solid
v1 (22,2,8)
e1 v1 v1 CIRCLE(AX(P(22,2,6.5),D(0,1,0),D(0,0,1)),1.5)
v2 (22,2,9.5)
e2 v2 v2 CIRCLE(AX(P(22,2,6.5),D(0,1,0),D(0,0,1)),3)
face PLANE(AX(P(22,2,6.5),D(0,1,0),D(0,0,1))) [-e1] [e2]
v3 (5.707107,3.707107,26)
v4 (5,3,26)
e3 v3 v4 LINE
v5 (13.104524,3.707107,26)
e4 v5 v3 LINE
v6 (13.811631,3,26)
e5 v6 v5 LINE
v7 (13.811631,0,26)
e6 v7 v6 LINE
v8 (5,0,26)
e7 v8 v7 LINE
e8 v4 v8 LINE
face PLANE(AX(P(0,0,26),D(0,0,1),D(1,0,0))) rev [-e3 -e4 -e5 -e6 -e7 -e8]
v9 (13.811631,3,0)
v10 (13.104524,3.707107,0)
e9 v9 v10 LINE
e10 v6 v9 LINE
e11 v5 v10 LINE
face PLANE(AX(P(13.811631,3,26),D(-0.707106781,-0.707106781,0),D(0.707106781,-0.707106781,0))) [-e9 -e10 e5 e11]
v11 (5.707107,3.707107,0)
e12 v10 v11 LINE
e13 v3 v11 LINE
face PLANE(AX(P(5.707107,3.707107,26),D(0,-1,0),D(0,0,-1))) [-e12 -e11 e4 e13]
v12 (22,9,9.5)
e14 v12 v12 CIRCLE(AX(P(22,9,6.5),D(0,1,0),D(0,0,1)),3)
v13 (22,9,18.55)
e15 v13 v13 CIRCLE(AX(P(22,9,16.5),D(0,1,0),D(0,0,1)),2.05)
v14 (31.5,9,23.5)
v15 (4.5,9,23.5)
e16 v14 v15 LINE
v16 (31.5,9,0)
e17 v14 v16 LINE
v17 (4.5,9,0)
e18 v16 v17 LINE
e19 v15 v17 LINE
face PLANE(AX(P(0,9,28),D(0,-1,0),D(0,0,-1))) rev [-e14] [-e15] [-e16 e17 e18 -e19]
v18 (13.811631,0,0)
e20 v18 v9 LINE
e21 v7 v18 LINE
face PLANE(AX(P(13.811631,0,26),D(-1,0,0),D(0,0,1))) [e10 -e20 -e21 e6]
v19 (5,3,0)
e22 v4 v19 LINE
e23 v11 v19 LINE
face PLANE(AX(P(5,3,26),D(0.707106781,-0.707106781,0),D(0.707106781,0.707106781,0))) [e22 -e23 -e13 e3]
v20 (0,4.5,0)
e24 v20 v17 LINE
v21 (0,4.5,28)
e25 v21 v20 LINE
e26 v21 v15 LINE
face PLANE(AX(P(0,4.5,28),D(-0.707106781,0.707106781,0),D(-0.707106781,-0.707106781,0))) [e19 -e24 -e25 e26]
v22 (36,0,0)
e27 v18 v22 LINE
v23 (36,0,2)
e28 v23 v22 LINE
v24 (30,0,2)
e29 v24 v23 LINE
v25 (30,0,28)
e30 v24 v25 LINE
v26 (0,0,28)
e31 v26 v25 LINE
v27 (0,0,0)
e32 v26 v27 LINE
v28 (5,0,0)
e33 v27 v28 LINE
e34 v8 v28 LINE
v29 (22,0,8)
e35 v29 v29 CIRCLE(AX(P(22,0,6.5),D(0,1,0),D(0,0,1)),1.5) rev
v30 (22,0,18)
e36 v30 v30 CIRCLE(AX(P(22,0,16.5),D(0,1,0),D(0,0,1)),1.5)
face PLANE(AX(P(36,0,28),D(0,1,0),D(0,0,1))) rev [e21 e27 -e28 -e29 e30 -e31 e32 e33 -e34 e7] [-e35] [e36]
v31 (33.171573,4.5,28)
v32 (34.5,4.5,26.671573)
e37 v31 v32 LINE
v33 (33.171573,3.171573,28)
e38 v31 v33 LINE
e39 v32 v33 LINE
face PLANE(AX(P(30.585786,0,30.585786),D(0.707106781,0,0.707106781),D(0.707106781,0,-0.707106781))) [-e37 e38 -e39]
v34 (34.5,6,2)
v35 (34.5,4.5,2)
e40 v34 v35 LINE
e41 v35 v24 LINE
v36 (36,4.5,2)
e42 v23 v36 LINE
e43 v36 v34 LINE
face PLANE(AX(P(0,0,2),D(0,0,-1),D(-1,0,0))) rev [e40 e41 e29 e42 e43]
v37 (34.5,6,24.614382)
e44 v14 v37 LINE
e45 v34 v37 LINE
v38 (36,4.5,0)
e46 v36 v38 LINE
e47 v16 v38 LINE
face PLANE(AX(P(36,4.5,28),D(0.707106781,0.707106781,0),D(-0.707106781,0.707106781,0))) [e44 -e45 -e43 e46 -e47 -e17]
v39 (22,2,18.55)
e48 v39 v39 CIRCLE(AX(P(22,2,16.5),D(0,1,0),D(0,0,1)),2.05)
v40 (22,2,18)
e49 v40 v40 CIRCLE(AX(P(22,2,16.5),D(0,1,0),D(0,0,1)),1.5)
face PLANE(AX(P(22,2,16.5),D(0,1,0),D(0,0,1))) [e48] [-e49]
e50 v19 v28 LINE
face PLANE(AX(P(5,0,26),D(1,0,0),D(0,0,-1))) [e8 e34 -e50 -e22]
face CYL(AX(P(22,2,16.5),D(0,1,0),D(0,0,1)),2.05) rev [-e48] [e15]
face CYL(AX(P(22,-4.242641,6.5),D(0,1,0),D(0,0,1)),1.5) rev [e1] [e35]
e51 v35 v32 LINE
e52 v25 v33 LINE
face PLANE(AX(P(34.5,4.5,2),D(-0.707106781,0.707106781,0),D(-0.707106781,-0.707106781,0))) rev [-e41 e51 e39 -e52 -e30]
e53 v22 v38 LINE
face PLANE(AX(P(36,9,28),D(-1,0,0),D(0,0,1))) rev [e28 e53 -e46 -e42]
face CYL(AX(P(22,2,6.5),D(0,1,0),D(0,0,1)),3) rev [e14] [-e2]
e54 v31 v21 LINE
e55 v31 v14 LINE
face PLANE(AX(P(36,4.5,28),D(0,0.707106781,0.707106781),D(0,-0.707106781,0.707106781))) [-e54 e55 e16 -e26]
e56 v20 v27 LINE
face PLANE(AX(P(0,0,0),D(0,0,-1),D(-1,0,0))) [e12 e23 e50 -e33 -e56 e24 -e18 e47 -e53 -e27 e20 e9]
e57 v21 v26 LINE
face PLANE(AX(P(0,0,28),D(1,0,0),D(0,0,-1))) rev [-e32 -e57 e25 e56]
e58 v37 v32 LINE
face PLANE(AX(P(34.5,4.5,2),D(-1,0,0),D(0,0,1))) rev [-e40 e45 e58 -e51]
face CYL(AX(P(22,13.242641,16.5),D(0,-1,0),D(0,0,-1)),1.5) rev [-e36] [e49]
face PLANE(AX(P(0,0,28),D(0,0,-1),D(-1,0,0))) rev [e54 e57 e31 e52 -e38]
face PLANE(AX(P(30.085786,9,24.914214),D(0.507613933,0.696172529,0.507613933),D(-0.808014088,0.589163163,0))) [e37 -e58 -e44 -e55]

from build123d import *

# Parameters (mm, degrees)
SKETCH1_W               = 36
SKETCH1_H               = 9
BOSS_EXTRUDE1_DEPTH     = 28
CUT_EXTRUDE1_DEPTH      = 28
CUT_EXTRUDE2_DEPTH      = 36
SKETCH5_W               = 11.440376565
SKETCH5_H               = 15.618965423
CUT_EXTRUDE4_DEPTH      = 2
CUT_EXTRUDE5_DEPTH      = 2
CUT_EXTRUDE5_DEPTH_BACK = 2
CUT_EXTRUDE6_DEPTH      = 26
CUT_EXTRUDE7_DEPTH      = 26
SKETCH10_R              = 3
CUT_EXTRUDE8_DEPTH      = 7
SKETCH11_R              = 1.5
CUT_EXTRUDE9_DEPTH      = 2
SKETCH12_R              = 1.5
CUT_EXTRUDE10_DEPTH     = 9
SKETCH13_R              = 2.05
CUT_EXTRUDE11_DEPTH     = 7


with BuildPart() as part:
    # Sketch1 → Boss-Extrude1 (new body)
    with BuildSketch(Plane.XY):
        with Locations((18, 4.5)):
            Rectangle(SKETCH1_W, SKETCH1_H)
    extrude(amount=BOSS_EXTRUDE1_DEPTH)

    # Sketch2 → Cut-Extrude1 (cut)
    with BuildSketch(Plane.XY):
        Polygon((0, 4.5), (4.5, 9), (0, 9), align=None)
        Polygon((36, 4.5), (31.5, 9), (36, 9), align=None)
    extrude(amount=CUT_EXTRUDE1_DEPTH, mode=Mode.SUBTRACT)

    # Sketch3 → Cut-Extrude2 (cut)
    with BuildSketch(Plane(origin=(0, 0, 0), x_dir=(0, 0, -1), z_dir=(1, 0, 0))):
        Polygon((-28, 4.5), (-23.5, 9), (-28, 9), align=None)
    extrude(amount=CUT_EXTRUDE2_DEPTH, mode=Mode.SUBTRACT)

    # Sketch5 → Cut-Extrude4 (cut)
    with BuildSketch(Plane(origin=(32, 0, 32), x_dir=(0, 1, 0), z_dir=(0.707106781, 0, 0.707106781))):
        with Locations((5.720188283, -5.935696583)):
            Rectangle(SKETCH5_W, SKETCH5_H)
    extrude(amount=-CUT_EXTRUDE4_DEPTH, mode=Mode.SUBTRACT)

    # Sketch6 → Cut-Extrude5 (cut, two sides)
    with BuildSketch(Plane(origin=(4, 0, -4), x_dir=(0.577350269, -0.577350269, 0.577350269), z_dir=(-0.707106781, 0, 0.707106781))) as cut_extrude5_sk:
        Polygon((26.558112383, 29.802125204), (32.719347855, 28.647424665), (30.19862658, 32.212262879), align=None)
    extrude(amount=CUT_EXTRUDE5_DEPTH, mode=Mode.SUBTRACT)
    extrude(cut_extrude5_sk.sketch, amount=-CUT_EXTRUDE5_DEPTH_BACK, mode=Mode.SUBTRACT)

    # Sketch7 → Cut-Extrude6 (cut)
    with BuildSketch(Plane.XY):
        Polygon((5, 0), (5, 3), (5.707106781, 3.707106781), (13.104524105, 3.707106781), (13.811630886, 3), (13.811630886, 0), align=None)
    extrude(amount=CUT_EXTRUDE6_DEPTH, mode=Mode.SUBTRACT)

    # Sketch8 → Cut-Extrude7 (cut)
    with BuildSketch(Plane.XY.offset(28)):
        Polygon((36, 0), (30, 0), (34.5, 4.5), (34.5, 6), (36, 6), align=None)
    extrude(amount=-CUT_EXTRUDE7_DEPTH, mode=Mode.SUBTRACT)

    # Sketch10 → Cut-Extrude8 (cut)
    with BuildSketch(Plane(origin=(0, 9, 0), x_dir=(1, 0, 0), z_dir=(0, 1, 0))):
        with Locations((22, -6.5)):
            Circle(SKETCH10_R)
    extrude(amount=-CUT_EXTRUDE8_DEPTH, mode=Mode.SUBTRACT)

    # Sketch11 → Cut-Extrude9 (cut)
    with BuildSketch(Plane(origin=(0, 2, 0), x_dir=(1, 0, 0), z_dir=(0, 1, 0))):
        with Locations((22, -6.5)):
            Circle(SKETCH11_R)
    extrude(amount=-CUT_EXTRUDE9_DEPTH, mode=Mode.SUBTRACT)

    # Sketch12 → Cut-Extrude10 (cut)
    with BuildSketch(Plane(origin=(0, 0, 0), x_dir=(1, 0, 0), z_dir=(0, 1, 0))):
        with Locations((22, -16.5)):
            Circle(SKETCH12_R)
    extrude(amount=CUT_EXTRUDE10_DEPTH, mode=Mode.SUBTRACT)

    # Sketch13 → Cut-Extrude11 (cut)
    with BuildSketch(Plane(origin=(0, 9, 0), x_dir=(1, 0, 0), z_dir=(0, 1, 0))):
        with Locations((22, -16.5)):
            Circle(SKETCH13_R)
    extrude(amount=-CUT_EXTRUDE11_DEPTH, mode=Mode.SUBTRACT)


solid = part.part
